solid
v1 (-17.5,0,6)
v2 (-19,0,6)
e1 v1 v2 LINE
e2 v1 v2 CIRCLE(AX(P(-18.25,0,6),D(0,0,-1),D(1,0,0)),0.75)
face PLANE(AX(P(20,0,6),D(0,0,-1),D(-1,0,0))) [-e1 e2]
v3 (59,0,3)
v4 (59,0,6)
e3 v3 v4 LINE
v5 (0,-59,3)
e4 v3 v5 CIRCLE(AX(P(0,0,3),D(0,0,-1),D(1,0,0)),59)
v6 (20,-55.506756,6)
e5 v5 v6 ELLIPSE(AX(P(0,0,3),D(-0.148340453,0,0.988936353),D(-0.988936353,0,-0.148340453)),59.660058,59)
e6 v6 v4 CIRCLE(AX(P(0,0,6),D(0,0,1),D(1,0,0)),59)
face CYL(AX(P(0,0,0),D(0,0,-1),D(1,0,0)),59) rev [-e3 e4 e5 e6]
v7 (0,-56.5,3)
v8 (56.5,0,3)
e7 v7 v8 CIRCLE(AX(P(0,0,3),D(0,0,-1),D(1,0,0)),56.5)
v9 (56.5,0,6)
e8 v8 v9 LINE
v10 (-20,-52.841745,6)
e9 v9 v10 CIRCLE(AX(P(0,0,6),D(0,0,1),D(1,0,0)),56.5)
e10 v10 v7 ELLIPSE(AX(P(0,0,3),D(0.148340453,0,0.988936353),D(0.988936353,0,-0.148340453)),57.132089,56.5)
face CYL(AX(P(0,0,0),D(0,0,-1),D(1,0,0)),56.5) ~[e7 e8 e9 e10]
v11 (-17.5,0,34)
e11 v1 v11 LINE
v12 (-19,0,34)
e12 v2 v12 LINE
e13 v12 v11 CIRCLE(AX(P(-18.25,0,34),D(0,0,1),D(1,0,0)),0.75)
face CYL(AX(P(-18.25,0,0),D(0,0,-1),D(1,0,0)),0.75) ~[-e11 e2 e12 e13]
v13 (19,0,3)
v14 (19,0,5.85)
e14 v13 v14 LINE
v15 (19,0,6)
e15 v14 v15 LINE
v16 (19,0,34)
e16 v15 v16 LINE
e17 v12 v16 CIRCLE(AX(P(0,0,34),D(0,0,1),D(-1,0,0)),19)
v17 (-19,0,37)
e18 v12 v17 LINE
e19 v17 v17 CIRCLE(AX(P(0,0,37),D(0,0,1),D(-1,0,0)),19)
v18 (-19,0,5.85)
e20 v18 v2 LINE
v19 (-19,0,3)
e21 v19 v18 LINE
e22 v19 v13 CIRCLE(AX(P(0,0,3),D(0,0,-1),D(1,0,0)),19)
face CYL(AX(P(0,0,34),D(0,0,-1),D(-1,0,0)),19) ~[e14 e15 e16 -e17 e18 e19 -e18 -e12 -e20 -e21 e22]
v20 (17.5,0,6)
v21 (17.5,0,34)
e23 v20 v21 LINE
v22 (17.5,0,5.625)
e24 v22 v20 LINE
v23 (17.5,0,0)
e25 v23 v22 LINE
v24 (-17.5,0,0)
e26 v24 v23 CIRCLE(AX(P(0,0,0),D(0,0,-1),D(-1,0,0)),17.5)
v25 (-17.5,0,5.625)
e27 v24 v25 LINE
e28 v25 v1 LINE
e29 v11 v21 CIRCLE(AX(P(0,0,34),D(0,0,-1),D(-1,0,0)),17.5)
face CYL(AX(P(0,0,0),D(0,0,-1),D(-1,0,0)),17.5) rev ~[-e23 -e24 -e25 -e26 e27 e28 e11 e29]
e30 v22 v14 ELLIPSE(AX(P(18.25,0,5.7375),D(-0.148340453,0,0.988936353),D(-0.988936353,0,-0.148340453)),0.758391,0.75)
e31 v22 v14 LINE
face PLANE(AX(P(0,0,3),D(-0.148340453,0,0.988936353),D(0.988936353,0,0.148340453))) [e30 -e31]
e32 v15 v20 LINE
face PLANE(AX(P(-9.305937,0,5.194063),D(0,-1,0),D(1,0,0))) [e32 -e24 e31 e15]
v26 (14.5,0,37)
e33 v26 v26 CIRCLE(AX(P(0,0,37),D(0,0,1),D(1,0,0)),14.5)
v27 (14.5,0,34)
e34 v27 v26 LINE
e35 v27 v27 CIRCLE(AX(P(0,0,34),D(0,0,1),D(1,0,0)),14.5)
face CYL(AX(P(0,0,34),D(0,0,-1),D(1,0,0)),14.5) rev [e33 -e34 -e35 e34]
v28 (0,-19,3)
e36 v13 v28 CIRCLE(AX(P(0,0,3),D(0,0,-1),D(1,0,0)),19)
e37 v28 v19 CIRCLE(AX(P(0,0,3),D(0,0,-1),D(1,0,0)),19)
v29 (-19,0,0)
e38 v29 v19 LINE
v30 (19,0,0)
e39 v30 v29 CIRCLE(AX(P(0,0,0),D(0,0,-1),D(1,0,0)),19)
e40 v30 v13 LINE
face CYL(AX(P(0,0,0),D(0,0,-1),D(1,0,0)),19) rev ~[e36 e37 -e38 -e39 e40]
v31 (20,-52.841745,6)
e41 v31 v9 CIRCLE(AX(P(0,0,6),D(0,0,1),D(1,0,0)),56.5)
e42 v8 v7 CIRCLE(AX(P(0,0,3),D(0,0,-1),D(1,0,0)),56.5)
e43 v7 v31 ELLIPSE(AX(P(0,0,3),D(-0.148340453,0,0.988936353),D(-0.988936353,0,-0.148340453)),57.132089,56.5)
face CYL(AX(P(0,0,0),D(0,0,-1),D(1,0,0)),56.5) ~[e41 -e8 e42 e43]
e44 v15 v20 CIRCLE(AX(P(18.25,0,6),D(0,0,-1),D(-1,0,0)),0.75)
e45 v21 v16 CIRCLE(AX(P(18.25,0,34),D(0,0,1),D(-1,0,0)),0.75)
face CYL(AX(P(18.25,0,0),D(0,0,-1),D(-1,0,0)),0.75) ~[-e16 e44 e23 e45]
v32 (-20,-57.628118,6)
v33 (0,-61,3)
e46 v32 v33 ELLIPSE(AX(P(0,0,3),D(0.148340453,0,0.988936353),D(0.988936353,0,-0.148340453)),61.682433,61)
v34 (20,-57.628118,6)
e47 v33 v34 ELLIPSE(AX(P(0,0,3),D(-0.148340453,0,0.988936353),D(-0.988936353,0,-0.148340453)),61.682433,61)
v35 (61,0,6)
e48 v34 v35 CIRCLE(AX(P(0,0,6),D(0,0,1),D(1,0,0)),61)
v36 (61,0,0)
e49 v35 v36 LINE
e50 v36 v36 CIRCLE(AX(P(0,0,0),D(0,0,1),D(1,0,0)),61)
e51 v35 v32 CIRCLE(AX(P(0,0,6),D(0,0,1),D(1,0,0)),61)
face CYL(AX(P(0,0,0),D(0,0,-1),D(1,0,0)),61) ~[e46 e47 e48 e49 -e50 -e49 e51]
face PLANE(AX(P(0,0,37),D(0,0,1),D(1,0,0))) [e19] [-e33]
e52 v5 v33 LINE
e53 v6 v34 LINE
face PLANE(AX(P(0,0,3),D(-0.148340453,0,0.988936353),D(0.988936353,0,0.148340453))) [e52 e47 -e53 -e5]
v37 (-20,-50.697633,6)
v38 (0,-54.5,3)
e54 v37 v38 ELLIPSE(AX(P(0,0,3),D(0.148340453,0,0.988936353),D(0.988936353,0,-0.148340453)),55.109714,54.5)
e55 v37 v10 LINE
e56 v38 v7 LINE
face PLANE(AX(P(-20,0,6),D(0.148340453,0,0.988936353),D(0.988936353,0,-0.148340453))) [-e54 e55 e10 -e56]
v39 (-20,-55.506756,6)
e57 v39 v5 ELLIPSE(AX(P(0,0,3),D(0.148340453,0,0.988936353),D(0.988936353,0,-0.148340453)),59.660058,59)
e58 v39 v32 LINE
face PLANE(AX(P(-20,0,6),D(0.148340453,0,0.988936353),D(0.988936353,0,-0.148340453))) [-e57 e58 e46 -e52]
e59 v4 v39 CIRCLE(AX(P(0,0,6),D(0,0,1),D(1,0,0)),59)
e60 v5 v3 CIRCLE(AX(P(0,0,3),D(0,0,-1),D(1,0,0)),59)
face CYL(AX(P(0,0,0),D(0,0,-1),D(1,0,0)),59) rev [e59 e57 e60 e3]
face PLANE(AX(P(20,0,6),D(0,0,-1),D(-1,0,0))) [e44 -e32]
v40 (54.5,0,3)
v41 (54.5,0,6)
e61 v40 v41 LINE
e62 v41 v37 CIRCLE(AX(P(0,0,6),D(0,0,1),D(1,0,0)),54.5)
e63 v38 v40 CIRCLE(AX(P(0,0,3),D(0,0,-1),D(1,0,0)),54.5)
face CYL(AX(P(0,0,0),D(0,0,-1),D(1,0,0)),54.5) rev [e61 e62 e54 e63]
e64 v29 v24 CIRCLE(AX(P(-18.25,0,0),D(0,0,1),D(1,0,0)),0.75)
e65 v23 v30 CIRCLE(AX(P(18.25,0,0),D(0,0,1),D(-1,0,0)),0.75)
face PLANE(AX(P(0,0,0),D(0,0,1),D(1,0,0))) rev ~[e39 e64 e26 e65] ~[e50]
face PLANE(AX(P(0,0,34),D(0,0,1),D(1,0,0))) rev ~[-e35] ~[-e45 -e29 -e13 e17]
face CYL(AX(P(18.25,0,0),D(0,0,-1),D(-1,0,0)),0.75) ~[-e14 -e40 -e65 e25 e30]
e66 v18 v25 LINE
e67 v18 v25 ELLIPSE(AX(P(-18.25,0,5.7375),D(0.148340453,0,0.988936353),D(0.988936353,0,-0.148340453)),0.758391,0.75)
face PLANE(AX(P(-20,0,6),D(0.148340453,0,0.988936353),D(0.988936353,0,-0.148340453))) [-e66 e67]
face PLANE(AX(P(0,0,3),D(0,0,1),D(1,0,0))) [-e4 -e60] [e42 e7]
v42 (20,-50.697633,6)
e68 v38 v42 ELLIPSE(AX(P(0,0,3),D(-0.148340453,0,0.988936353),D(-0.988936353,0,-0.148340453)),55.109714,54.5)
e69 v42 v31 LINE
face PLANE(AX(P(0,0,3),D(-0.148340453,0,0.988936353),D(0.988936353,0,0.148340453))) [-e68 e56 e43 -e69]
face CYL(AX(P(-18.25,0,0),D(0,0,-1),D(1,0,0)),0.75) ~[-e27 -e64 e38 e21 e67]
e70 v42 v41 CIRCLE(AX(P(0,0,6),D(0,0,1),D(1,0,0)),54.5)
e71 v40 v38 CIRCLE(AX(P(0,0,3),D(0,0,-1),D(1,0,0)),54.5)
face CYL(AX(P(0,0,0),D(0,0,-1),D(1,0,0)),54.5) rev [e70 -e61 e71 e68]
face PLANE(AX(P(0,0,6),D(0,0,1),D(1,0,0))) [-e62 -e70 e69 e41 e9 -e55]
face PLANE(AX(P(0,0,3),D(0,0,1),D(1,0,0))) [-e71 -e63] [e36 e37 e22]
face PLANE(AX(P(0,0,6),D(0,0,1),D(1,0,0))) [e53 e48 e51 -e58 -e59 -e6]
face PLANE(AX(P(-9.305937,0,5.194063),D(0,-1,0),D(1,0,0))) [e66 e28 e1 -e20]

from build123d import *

# Parameters (mm, degrees)
F1_DEPTH = 34
F0_R     = 61
F0_R_2   = 59
F0_R_3   = 56.5
F0_R_4   = 54.5
F2_DEPTH = 3
F3_START = 34
F0_R_5   = 14.5
F3_DEPTH = 3
F4_DEPTH = 6
F6_DEPTH = 61.001


with BuildPart() as f1:
    # F0 (on Top) → F1 (new body)
    with BuildSketch(Plane.XY):
        with BuildLine():
            ThreePointArc((-17.5, 0), (0, 17.5), (17.5, 0))
            ThreePointArc((17.5, 0), (18.25, 0.75), (19, 0))
            ThreePointArc((19, 0), (-2.7e-09, 19), (-19, -5.4e-09))
            ThreePointArc((-19, -5.4e-09), (-18.2500000027, 0.75), (-17.5, 0))
        make_face()
        with BuildLine():
            ThreePointArc((19, 0), (18.25, 0.75), (17.5, 0))
            ThreePointArc((17.5, 0), (18.25, -0.75), (19, 0))
        make_face()
        with BuildLine():
            ThreePointArc((-19, -5.4e-09), (-18.2499999973, -0.75), (-17.5, 0))
            ThreePointArc((-17.5, 0), (-18.2500000027, 0.75), (-19, -5.4e-09))
        make_face()
    extrude(amount=F1_DEPTH)

    # F0 (on Top) → F2 (join)
    with BuildSketch(Plane.XY):
        Circle(F0_R)
        Circle(F0_R_2, mode=Mode.SUBTRACT)
        Circle(F0_R_2)
        Circle(F0_R_3, mode=Mode.SUBTRACT)
        Circle(F0_R_3)
        Circle(F0_R_4, mode=Mode.SUBTRACT)
        Circle(F0_R_4)
        with BuildLine():
            ThreePointArc((-19, -5.4e-09), (-2.7e-09, 19), (19, 0))
            ThreePointArc((19, 0), (2.7e-09, -19), (-19, -5.4e-09))
        make_face(mode=Mode.SUBTRACT)
    extrude(amount=F2_DEPTH)

    # F0 (on Top) → F3 (join)
    with BuildSketch(Plane.XY.offset(F3_START)):
        with BuildLine():
            ThreePointArc((-17.5, 0), (0, -17.5), (17.5, 0))
            ThreePointArc((17.5, 0), (0, 17.5), (-17.5, 0))
        make_face()
        Circle(F0_R_5, mode=Mode.SUBTRACT)
        with BuildLine():
            ThreePointArc((-17.5, 0), (0, 17.5), (17.5, 0))
            ThreePointArc((17.5, 0), (18.25, 0.75), (19, 0))
            ThreePointArc((19, 0), (-2.7e-09, 19), (-19, -5.4e-09))
            ThreePointArc((-19, -5.4e-09), (-18.2500000027, 0.75), (-17.5, 0))
        make_face()
        with BuildLine():
            ThreePointArc((19, 0), (18.25, 0.75), (17.5, 0))
            ThreePointArc((17.5, 0), (18.25, -0.75), (19, 0))
        make_face()
        with BuildLine():
            ThreePointArc((-19, -5.4e-09), (-18.2499999973, -0.75), (-17.5, 0))
            ThreePointArc((-17.5, 0), (-18.2500000027, 0.75), (-19, -5.4e-09))
        make_face()
        with BuildLine():
            ThreePointArc((19, 0), (18.25, -0.75), (17.5, 0))
            ThreePointArc((17.5, 0), (0, -17.5), (-17.5, 0))
            ThreePointArc((-17.5, 0), (-18.2499999973, -0.75), (-19, -5.4e-09))
            ThreePointArc((-19, -5.4e-09), (2.7e-09, -19), (19, 0))
        make_face()
    extrude(amount=F3_DEPTH)

    # F0 (on Top) → F4 (join)
    with BuildSketch(Plane.XY):
        Circle(F0_R)
        Circle(F0_R_2, mode=Mode.SUBTRACT)
        Circle(F0_R_3)
        Circle(F0_R_4, mode=Mode.SUBTRACT)
    extrude(amount=F4_DEPTH)

    # F5 (on Front) → F6 (cut, through all)
    with BuildSketch(Plane.XZ):
        Polygon((-20, 6), (0, 3), (0, 6), align=None)
        Polygon((0, 6), (0, 3), (20, 6), align=None)
    extrude(amount=F6_DEPTH, mode=Mode.SUBTRACT)


solid = f1.part
